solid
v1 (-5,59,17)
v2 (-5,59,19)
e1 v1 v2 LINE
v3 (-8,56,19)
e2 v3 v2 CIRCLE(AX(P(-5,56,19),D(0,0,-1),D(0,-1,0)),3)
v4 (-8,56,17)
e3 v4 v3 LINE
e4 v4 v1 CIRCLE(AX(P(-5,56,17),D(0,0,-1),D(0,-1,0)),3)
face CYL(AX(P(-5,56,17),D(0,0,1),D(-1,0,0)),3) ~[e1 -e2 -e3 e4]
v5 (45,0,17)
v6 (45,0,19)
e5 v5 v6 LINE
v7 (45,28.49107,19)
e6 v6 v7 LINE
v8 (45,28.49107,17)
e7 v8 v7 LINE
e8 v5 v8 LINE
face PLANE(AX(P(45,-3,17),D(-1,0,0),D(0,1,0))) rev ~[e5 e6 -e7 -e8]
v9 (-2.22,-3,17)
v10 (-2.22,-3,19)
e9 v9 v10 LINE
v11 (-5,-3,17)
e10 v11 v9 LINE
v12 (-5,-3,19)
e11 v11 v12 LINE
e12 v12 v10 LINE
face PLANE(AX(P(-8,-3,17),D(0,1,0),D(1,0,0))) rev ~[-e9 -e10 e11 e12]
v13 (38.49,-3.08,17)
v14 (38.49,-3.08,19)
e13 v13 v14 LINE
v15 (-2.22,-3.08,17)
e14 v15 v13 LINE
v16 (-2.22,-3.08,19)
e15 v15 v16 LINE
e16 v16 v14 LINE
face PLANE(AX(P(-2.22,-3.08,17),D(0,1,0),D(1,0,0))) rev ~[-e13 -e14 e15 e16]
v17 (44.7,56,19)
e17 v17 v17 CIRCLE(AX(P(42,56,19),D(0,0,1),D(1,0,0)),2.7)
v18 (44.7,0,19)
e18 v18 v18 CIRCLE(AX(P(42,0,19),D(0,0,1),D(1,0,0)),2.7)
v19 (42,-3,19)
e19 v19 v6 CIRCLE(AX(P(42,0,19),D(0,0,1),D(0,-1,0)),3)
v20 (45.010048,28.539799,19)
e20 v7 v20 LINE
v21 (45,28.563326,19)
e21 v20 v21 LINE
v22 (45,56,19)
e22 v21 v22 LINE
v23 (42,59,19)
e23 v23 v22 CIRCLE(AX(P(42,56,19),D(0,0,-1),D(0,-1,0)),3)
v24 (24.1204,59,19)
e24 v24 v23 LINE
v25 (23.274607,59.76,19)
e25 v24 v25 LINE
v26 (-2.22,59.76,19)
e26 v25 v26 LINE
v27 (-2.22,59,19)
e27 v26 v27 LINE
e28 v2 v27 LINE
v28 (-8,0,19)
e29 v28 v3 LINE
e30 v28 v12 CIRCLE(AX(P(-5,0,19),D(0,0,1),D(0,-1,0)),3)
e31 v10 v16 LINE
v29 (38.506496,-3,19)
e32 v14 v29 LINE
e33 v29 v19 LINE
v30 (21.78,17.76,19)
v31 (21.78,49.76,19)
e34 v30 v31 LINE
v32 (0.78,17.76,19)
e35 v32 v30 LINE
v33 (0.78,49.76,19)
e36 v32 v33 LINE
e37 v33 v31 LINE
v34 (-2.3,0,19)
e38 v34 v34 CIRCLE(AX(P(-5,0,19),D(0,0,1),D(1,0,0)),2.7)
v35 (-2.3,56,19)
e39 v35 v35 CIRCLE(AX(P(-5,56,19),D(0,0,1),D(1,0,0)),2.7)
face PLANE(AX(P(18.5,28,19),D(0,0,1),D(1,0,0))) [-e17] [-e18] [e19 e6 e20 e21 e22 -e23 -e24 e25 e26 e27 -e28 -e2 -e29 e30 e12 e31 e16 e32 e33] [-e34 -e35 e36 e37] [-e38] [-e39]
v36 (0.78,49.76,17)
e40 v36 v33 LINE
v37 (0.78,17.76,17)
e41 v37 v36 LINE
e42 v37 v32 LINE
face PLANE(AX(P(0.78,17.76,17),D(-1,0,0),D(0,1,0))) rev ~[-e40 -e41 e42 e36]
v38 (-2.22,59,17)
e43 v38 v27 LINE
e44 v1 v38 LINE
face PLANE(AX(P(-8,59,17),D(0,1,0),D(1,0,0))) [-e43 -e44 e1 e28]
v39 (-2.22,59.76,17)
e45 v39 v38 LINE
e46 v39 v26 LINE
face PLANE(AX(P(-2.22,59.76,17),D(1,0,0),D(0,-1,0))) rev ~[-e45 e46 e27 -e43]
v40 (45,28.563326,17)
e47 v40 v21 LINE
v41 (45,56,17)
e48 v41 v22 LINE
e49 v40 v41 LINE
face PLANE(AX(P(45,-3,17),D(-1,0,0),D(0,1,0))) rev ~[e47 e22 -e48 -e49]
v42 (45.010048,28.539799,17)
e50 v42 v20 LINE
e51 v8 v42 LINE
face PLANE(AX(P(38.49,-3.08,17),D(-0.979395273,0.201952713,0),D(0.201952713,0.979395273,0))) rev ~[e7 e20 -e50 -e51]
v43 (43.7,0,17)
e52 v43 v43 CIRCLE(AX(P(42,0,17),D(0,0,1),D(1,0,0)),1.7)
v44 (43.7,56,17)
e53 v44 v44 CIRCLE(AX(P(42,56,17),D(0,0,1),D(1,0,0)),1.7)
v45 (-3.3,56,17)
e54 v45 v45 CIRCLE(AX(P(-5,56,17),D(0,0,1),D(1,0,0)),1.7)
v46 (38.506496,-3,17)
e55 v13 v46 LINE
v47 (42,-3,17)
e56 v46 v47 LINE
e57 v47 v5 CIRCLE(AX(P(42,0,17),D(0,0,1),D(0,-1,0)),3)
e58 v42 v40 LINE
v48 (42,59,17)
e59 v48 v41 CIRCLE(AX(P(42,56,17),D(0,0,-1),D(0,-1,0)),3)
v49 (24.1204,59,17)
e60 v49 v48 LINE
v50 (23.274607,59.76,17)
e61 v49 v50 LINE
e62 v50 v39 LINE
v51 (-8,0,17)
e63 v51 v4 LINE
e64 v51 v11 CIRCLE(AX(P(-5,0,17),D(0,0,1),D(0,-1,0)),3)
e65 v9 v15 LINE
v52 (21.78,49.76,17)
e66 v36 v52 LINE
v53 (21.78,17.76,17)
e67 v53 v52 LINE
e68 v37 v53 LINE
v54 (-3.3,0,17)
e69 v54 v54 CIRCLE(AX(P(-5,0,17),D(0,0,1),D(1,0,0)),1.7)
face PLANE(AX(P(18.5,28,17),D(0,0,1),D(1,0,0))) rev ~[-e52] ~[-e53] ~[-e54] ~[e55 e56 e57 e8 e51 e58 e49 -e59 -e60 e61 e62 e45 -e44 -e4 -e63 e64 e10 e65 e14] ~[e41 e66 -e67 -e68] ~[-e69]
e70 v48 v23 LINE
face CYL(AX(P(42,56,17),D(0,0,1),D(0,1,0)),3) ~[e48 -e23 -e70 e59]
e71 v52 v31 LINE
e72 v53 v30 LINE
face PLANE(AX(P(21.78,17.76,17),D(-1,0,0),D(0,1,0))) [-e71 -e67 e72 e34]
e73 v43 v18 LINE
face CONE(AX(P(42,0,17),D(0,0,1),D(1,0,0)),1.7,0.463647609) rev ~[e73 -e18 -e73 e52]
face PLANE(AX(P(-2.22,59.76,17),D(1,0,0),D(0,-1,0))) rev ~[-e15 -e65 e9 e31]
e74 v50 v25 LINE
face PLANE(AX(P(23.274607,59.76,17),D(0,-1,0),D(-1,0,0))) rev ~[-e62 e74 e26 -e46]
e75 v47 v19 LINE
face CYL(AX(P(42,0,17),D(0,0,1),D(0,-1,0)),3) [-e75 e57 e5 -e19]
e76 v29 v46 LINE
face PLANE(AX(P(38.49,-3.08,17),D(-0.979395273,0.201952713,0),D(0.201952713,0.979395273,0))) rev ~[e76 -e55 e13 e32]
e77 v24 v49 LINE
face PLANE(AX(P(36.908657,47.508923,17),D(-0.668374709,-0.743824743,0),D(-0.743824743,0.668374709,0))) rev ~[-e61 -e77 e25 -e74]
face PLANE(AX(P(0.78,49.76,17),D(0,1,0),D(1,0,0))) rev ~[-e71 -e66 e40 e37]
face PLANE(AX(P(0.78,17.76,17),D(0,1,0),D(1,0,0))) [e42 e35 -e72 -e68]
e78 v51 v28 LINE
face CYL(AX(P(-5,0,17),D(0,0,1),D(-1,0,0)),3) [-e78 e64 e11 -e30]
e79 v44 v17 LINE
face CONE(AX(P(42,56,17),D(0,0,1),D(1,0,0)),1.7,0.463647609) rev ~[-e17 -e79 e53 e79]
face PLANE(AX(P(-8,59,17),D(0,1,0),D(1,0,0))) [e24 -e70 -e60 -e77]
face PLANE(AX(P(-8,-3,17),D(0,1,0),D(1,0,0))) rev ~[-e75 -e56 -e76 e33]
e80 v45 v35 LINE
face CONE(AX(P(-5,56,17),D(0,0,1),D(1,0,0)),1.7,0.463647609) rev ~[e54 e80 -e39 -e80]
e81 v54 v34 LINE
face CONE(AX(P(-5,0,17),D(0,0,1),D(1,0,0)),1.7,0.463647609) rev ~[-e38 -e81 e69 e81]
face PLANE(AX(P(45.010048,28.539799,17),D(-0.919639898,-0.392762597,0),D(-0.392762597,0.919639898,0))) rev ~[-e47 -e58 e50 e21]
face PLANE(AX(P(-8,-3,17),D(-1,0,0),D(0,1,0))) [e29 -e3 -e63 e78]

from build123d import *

# Parameters (mm, degrees)
CYLINDER003_R     = 3.4
CYLINDER003_DEPTH = 10
CYLINDER004_R     = 1.7
CYLINDER004_DEPTH = 9.6
CYLINDER002_R     = 3.4
CYLINDER002_DEPTH = 10
CYLINDER001_R     = 1.7
CYLINDER001_DEPTH = 9.6
CYLINDER008_R     = 3.4
CYLINDER008_DEPTH = 10
CYLINDER006_R     = 1.7
CYLINDER006_DEPTH = 9.6
CYLINDER005_R     = 3.4
CYLINDER005_DEPTH = 10
CYLINDER007_R     = 1.7
CYLINDER007_DEPTH = 9.6
PAD002_DEPTH      = 2
BOX001_W          = 53
BOX001_H          = 62
BOX001_DEPTH      = 2
FILLET_R          = 3
SKETCH001_W       = 21
SKETCH001_H       = 32
PAD001_DEPTH      = 2


with BuildPart() as grab_screw_head001:
    # Cone002 → Cone002 (revolve)
    with BuildSketch(Plane.XZ):
        Polygon((0, 0), (1.7, 0), (3.4, 3.4), (0, 3.4), align=None)
    revolve(axis=Axis((0, 0, 0), (0, 0, 1)))


with BuildPart() as grab_screw_head_extension001:
    # Cylinder003 → Cylinder003 (new body)
    with BuildSketch(Plane.XY.offset(3.4)):
        Circle(CYLINDER003_R)
    extrude(amount=CYLINDER003_DEPTH)


with BuildPart() as grab_screw001:
    # Cylinder004 → Cylinder004 (new body)
    with BuildSketch(Plane.XY.offset(-9.6)):
        Circle(CYLINDER004_R)
    extrude(amount=CYLINDER004_DEPTH)

    # Fusion002: union grab-screw-head001, grab-screw-head-extension001
    add(grab_screw_head001.part)
    add(grab_screw_head_extension001.part)


with BuildPart() as grab_screw001_1:
    # Fusion002 placement: moved
    add(grab_screw001.part.moved(Location((42, 56, 5))))


with BuildPart() as grab_screw_head:
    # Cone001 → Cone001 (revolve)
    with BuildSketch(Plane.XZ):
        Polygon((0, 0), (1.7, 0), (3.4, 3.4), (0, 3.4), align=None)
    revolve(axis=Axis((0, 0, 0), (0, 0, 1)))


with BuildPart() as grab_screw_head_extension:
    # Cylinder002 → Cylinder002 (new body)
    with BuildSketch(Plane.XY.offset(3.4)):
        Circle(CYLINDER002_R)
    extrude(amount=CYLINDER002_DEPTH)


with BuildPart() as right_screws:
    # Cylinder001 → Cylinder001 (new body)
    with BuildSketch(Plane.XY.offset(-9.6)):
        Circle(CYLINDER001_R)
    extrude(amount=CYLINDER001_DEPTH)

    # Fusion001: union grab-screw-head, grab-screw-head-extension
    add(grab_screw_head.part)
    add(grab_screw_head_extension.part)


with BuildPart() as right_screws_1:
    # Fusion001 placement: moved
    add(right_screws.part.moved(Location((42, 0, 5))))

    # Fusion: union grab-screw001
    add(grab_screw001_1.part)


with BuildPart() as grab_screw_head003:
    # Cone004 → Cone004 (revolve)
    with BuildSketch(Plane.XZ):
        Polygon((0, 0), (1.7, 0), (3.4, 3.4), (0, 3.4), align=None)
    revolve(axis=Axis((0, 0, 0), (0, 0, 1)))


with BuildPart() as grab_screw_head_extension003:
    # Cylinder008 → Cylinder008 (new body)
    with BuildSketch(Plane.XY.offset(3.4)):
        Circle(CYLINDER008_R)
    extrude(amount=CYLINDER008_DEPTH)


with BuildPart() as grab_screw002:
    # Cylinder006 → Cylinder006 (new body)
    with BuildSketch(Plane.XY.offset(-9.6)):
        Circle(CYLINDER006_R)
    extrude(amount=CYLINDER006_DEPTH)

    # Fusion004: union grab-screw-head003, grab-screw-head-extension003
    add(grab_screw_head003.part)
    add(grab_screw_head_extension003.part)


with BuildPart() as grab_screw002_1:
    # Fusion004 placement: moved
    add(grab_screw002.part.moved(Location((42, 56, 5))))


with BuildPart() as grab_screw_head002:
    # Cone003 → Cone003 (revolve)
    with BuildSketch(Plane.XZ):
        Polygon((0, 0), (1.7, 0), (3.4, 3.4), (0, 3.4), align=None)
    revolve(axis=Axis((0, 0, 0), (0, 0, 1)))


with BuildPart() as grab_screw_head_extension002:
    # Cylinder005 → Cylinder005 (new body)
    with BuildSketch(Plane.XY.offset(3.4)):
        Circle(CYLINDER005_R)
    extrude(amount=CYLINDER005_DEPTH)


with BuildPart() as all_screws:
    # Cylinder007 → Cylinder007 (new body)
    with BuildSketch(Plane.XY.offset(-9.6)):
        Circle(CYLINDER007_R)
    extrude(amount=CYLINDER007_DEPTH)

    # Fusion005: union grab-screw-head002, grab-screw-head-extension002
    add(grab_screw_head002.part)
    add(grab_screw_head_extension002.part)


with BuildPart() as all_screws_1:
    # Fusion005 placement: moved
    add(all_screws.part.moved(Location((42, 0, 5))))

    # Fusion003: union grab-screw002
    add(grab_screw002_1.part)


with BuildPart() as all_screws_2:
    # Fusion003 placement: moved
    add(all_screws_1.part.moved(Location((-47, 0, 0))))

    # Fusion006: union right-screws
    add(right_screws_1.part)


with BuildPart() as all_screws_3:
    # Fusion006 placement: moved
    add(all_screws_2.part.moved(Location((0, 0, 12))))


with BuildPart() as compound:
    # Sketch002 → Pad002 (new body)
    with BuildSketch(Plane.XY):
        Polygon((-2.215162, 59.759811), (-2.215162, -3.075415), (38.48941, -3.075415), (45.010048, 28.539799), (36.908657, 47.508923), (23.274607, 59.759811), align=None)
    extrude(amount=PAD002_DEPTH)


with BuildPart() as compound_1:
    # Compound placement: moved
    add(compound.part.moved(Location((0, 0, 20))))


with BuildPart() as fillet_body:
    # Box001 → Box001 (new body)
    with BuildSketch(Plane(origin=(-8, -3, 20), x_dir=(1, 0, 0), z_dir=(0, 0, 1))):
        with Locations((26.5, 31)):
            Rectangle(BOX001_W, BOX001_H)
    extrude(amount=BOX001_DEPTH)

    # Cut: cut Compound
    add(compound_1.part, mode=Mode.SUBTRACT)


with BuildPart() as fillet_body_1:
    # Cut placement: moved
    add(fillet_body.part.moved(Location((0, 0, -22))))

    # Fillet
    fillet_edges = [fillet_body_1.edges().sort_by_distance(p)[0] for p in [
        (-8, -3, -1),
        (-8, 59, -1),
        (45, -3, -1),
        (45, 59, -1),
    ]]
    fillet(fillet_edges, radius=FILLET_R)


with BuildPart() as top_flat:
    # Sketch001 → Pad001 (new body)
    with BuildSketch(Plane.XY):
        Polygon((-2.22, 59.76), (-2.22, -3.08), (38.49, -3.08), (45.010048, 28.539799), (36.908657, 47.508923), (23.274607, 59.76), align=None)
        with Locations((11.28, 33.76)):
            Rectangle(SKETCH001_W, SKETCH001_H, mode=Mode.SUBTRACT)
    extrude(amount=PAD001_DEPTH)


with BuildPart() as top_flat_1:
    # Body001 placement: moved
    add(top_flat.part.moved(Location((0, 0, -2))))

    # Fusion010: union Fillet body
    add(fillet_body_1.part)


with BuildPart() as top_flat_2:
    # Fusion010 placement: moved
    add(top_flat_1.part.moved(Location((0, 0, 19))))

    # Cut001: cut all-screws
    add(all_screws_3.part, mode=Mode.SUBTRACT)


solid = top_flat_2.part
